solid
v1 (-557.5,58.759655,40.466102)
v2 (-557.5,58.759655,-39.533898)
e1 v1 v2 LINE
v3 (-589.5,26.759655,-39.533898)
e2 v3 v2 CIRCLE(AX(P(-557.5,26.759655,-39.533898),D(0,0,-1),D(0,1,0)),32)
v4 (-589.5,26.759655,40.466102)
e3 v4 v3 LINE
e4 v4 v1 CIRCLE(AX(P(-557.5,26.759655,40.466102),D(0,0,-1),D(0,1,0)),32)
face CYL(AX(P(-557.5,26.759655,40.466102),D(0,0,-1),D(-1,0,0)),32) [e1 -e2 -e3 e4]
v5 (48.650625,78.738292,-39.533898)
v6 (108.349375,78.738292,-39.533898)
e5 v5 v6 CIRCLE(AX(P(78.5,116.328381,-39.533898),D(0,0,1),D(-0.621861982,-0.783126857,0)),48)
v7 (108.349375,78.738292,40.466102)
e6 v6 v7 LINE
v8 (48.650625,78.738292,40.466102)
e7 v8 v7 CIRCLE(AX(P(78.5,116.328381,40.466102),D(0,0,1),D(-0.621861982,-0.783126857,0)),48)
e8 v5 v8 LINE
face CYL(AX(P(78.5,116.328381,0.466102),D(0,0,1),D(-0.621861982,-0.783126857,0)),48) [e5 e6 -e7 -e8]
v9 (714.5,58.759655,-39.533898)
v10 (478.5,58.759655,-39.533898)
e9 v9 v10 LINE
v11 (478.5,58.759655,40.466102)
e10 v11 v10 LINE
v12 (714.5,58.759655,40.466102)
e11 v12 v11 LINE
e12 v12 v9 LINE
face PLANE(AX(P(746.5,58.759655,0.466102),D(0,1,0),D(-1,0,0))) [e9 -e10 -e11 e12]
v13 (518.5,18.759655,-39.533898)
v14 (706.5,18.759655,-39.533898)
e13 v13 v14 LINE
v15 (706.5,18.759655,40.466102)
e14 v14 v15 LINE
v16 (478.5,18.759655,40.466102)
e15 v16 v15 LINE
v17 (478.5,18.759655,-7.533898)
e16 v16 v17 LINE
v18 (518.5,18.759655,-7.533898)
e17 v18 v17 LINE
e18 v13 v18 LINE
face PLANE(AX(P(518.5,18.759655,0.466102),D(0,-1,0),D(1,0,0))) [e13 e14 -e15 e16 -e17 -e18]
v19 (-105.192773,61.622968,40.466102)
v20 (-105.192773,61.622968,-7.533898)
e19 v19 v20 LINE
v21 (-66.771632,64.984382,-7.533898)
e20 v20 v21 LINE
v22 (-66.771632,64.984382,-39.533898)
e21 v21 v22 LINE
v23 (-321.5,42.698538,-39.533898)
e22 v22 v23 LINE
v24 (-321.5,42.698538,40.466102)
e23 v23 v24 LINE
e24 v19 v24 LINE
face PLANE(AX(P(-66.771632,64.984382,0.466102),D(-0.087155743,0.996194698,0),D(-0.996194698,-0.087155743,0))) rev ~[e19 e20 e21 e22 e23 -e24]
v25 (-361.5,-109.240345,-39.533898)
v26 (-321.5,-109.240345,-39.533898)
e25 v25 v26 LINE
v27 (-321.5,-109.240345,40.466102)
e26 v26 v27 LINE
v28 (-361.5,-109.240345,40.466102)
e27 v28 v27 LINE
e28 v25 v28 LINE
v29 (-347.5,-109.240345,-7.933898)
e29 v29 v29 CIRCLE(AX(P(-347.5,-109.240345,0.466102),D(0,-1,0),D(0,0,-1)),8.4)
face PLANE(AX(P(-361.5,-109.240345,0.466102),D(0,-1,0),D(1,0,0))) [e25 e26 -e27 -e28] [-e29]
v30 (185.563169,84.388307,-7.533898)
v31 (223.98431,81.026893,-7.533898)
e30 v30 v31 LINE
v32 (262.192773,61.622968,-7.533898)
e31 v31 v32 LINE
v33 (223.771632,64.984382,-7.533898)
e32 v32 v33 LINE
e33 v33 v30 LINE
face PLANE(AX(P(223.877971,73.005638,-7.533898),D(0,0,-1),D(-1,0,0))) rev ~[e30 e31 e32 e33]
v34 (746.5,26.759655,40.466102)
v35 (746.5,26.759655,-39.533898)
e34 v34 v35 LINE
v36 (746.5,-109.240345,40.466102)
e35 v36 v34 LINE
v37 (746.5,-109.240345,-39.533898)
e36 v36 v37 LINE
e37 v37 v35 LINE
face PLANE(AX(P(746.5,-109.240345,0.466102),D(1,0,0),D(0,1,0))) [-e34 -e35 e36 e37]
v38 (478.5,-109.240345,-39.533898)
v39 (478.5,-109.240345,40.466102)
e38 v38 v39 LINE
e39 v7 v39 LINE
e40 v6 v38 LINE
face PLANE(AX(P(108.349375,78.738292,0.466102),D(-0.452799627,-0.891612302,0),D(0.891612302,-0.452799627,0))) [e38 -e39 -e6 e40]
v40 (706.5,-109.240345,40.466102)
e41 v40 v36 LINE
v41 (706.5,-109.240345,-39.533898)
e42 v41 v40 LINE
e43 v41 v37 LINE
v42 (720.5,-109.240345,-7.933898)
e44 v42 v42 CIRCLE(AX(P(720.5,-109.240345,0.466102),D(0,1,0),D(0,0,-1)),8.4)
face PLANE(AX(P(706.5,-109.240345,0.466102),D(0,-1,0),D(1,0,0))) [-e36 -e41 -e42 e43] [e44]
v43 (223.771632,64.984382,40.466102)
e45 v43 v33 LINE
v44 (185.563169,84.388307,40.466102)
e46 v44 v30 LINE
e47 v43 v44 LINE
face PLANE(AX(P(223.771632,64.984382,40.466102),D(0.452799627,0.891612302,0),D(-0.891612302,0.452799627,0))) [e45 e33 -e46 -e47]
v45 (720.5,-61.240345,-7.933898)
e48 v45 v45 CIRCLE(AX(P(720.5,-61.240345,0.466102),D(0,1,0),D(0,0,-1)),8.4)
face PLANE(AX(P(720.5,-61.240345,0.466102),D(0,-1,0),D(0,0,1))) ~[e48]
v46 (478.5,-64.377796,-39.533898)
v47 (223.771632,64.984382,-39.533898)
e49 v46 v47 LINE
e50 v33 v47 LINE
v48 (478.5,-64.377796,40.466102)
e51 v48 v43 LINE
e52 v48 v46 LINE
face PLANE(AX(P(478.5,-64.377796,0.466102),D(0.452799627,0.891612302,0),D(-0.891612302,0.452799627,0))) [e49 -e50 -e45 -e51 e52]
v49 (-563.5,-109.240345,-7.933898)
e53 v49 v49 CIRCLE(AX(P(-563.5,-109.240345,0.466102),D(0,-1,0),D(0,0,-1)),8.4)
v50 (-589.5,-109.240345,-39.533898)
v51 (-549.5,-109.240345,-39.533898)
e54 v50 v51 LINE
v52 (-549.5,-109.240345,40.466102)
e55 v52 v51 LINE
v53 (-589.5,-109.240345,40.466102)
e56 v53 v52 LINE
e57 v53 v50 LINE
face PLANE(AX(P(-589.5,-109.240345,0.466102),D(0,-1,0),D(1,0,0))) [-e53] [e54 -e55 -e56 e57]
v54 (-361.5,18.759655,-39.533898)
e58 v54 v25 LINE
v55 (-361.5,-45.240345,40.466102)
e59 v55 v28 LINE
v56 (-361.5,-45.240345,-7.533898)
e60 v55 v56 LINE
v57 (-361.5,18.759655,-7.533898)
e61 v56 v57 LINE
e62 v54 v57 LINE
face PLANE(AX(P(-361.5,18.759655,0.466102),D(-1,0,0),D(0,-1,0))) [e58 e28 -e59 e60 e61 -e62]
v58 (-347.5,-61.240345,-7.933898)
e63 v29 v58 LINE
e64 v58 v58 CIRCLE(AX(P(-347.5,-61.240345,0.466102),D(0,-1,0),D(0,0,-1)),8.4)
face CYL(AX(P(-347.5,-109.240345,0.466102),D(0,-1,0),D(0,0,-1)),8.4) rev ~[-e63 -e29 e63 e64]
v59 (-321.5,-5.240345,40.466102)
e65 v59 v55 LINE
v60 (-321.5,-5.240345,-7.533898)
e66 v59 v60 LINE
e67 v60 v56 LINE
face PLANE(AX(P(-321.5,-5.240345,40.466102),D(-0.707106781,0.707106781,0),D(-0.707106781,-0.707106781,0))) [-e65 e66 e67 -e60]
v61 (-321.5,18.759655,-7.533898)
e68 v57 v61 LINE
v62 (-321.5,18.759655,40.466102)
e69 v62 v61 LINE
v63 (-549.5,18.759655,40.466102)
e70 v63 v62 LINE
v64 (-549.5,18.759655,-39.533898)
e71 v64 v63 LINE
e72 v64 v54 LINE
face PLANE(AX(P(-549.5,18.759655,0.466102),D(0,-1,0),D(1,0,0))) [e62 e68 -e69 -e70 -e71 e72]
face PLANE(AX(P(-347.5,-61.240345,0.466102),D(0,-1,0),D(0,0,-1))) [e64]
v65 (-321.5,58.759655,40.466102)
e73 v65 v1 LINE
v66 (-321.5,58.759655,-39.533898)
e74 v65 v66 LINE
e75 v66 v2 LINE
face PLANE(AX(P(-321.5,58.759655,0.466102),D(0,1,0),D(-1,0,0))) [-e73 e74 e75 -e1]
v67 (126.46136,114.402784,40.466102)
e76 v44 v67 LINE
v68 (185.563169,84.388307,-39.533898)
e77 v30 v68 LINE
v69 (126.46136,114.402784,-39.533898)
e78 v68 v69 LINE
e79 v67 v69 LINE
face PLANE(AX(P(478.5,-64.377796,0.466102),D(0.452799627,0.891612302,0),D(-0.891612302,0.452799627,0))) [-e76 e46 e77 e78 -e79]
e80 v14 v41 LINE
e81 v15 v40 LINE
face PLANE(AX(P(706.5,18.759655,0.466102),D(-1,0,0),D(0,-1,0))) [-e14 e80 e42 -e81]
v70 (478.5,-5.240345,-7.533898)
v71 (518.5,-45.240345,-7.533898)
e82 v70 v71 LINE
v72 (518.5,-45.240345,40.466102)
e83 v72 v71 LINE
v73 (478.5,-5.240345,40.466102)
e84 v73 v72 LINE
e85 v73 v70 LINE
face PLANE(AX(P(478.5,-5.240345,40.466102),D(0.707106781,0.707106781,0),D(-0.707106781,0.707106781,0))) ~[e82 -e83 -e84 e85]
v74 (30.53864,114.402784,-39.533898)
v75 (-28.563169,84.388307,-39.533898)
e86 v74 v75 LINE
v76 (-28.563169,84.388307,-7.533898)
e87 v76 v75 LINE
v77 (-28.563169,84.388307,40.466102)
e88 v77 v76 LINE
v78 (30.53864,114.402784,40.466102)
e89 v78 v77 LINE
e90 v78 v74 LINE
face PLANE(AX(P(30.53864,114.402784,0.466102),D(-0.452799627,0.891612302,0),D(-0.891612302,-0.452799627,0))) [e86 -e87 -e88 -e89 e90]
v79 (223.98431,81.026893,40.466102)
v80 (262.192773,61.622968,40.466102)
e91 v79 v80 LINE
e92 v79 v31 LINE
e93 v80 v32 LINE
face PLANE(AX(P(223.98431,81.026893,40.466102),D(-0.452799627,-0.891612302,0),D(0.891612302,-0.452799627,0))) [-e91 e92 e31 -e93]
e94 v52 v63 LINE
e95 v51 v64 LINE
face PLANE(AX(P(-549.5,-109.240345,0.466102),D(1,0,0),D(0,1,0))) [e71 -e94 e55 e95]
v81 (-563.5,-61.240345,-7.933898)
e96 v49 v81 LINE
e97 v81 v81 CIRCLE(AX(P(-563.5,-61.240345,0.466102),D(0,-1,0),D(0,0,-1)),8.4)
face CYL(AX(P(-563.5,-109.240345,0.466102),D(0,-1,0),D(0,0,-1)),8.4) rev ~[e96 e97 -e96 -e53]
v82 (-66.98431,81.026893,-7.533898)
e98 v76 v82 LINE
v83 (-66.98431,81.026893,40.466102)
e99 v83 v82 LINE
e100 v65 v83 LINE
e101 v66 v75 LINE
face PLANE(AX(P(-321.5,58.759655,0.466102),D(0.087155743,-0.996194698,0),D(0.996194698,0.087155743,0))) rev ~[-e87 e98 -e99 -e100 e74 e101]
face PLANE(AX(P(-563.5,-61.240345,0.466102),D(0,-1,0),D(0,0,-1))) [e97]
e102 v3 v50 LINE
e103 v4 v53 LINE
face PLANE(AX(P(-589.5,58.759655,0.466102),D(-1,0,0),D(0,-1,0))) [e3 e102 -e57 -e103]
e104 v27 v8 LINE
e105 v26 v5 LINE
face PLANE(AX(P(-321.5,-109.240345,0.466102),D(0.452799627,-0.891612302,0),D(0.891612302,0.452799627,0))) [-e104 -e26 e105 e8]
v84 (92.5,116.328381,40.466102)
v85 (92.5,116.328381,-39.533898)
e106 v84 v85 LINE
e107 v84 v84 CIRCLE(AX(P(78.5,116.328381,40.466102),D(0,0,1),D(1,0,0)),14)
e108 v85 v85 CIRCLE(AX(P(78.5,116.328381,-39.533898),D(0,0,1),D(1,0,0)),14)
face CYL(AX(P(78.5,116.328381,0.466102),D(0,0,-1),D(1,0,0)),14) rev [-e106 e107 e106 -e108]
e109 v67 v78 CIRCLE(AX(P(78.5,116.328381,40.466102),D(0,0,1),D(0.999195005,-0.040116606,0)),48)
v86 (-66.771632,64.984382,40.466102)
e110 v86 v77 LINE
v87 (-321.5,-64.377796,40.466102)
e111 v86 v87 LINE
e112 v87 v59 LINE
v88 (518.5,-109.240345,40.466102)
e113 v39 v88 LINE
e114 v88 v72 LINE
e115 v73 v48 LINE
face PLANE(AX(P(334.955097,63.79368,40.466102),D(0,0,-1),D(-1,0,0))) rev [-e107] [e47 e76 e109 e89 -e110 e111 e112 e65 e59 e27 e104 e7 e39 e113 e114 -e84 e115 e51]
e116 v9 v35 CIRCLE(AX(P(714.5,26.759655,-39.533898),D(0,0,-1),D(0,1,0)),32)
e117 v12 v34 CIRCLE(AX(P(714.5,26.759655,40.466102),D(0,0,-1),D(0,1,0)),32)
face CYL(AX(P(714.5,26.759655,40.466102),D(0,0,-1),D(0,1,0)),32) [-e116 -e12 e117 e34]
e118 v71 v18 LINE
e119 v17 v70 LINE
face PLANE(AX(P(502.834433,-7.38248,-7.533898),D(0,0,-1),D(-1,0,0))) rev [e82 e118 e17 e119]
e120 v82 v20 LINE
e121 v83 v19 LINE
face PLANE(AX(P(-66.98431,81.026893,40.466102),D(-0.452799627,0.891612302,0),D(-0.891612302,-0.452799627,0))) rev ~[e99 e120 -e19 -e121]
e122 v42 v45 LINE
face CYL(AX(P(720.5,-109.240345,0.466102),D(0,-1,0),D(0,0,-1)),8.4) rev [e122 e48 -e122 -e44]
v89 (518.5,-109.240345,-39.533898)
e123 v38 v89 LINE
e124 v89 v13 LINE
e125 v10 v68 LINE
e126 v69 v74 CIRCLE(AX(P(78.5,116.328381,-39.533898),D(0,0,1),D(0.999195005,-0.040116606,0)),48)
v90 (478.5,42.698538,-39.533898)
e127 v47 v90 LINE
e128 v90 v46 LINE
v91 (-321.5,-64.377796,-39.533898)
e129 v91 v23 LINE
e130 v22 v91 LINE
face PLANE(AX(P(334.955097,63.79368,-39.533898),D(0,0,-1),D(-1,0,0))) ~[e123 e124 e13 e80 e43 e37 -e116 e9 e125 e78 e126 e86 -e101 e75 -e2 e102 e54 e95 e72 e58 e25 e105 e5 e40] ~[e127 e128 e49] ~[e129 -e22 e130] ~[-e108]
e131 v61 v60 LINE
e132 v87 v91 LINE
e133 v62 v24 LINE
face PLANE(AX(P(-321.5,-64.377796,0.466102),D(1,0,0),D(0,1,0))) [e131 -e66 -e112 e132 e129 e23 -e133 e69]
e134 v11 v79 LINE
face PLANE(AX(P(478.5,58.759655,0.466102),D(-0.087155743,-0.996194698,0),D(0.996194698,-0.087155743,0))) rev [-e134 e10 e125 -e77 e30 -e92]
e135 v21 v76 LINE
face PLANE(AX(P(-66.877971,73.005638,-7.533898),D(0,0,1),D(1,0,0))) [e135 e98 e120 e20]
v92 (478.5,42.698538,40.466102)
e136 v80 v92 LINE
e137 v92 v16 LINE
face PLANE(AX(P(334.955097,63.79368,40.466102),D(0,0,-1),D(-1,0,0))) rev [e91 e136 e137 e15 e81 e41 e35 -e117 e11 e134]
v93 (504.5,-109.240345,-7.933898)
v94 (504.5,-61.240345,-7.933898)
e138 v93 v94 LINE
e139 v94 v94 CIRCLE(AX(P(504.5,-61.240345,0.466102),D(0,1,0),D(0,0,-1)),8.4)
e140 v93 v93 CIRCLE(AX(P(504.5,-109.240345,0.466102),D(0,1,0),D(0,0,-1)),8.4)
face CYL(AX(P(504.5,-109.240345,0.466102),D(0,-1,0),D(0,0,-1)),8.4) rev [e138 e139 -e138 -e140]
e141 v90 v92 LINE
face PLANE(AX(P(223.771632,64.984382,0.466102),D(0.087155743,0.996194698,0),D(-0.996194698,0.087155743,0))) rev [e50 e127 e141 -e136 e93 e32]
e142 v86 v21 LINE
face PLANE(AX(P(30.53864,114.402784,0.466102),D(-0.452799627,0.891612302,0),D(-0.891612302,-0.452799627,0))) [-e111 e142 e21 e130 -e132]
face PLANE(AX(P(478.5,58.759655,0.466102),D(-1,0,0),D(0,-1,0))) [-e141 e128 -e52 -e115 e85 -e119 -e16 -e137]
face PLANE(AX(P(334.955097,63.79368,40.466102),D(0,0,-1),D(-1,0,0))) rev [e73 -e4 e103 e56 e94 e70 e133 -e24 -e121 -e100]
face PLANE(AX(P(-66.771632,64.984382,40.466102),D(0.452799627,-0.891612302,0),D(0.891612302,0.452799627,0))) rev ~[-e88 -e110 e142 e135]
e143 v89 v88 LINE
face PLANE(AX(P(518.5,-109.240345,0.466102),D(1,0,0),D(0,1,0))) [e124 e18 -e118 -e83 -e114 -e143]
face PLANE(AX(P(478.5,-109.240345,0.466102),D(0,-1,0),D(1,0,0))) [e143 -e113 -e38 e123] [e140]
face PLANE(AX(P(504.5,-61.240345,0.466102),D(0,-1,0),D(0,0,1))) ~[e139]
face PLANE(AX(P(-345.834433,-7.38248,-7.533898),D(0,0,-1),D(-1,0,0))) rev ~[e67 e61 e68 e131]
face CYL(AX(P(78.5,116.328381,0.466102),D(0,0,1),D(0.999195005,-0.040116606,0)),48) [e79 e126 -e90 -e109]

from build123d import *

# Parameters (mm, degrees)
SKICA1_R                 = 1.75
P_IDAT_VYSUNUT_M1_DEPTH  = 5
ZAOBLIT1_R               = 4
P_IDAT_VYSUNUT_M2_DEPTH  = 5
SKICA3_R                 = 1.05
ODEBRAT_VYSUNUT_M1_DEPTH = 6
ODEBRAT_VYSUNUT_M2_DEPTH = 6
ODEBRAT_VYSUNUT_M3_DEPTH = 6
SCALE1_SCALE             = 8


with BuildPart() as part:
    # Skica1 → Přidat vysunutím1 (new, symmetric)
    with BuildSketch(Plane.XY):
        with BuildLine():
            Line((0, 0), (0, 16))
            Line((0, 16), (23.5, 16))
            Line((23.5, 16), (23.5, 0))
            Line((23.5, 0), (28.5, 0))
            Line((28.5, 0), (74.768828107, 23.497329584))
            ThreePointArc((74.768828107, 23.497329584), (78.5, 22.196090729), (82.231171893, 23.497329584))
            Line((82.231171893, 23.497329584), (128.5, 0))
            Line((128.5, 0), (133.5, 0))
            Line((133.5, 0), (133.5, 16))
            Line((133.5, 16), (157, 16))
            Line((157, 16), (157, 0))
            Line((157, 0), (162, 0))
            Line((162, 0), (162, 21))
            Line((162, 21), (128.5, 21))
            Line((128.5, 21), (128.5, 5.607818541))
            Line((128.5, 5.607818541), (84.49517003, 27.955391095))
            ThreePointArc((84.49517003, 27.955391095), (78.5, 34.196090729), (72.50482997, 27.955391095))
            Line((72.50482997, 27.955391095), (28.5, 5.607818541))
            Line((28.5, 5.607818541), (28.5, 21))
            Line((28.5, 21), (-5, 21))
            Line((-5, 21), (-5, 0))
            Line((-5, 0), (0, 0))
        make_face()
        with Locations((78.5, 28.196090729)):
            Circle(SKICA1_R, mode=Mode.SUBTRACT)
    extrude(amount=P_IDAT_VYSUNUT_M1_DEPTH, both=True)

    # Zaoblit1
    zaoblit1_edges = [part.edges().sort_by_distance(p)[0] for p in [
        (-5, 21, 0),
        (162, 21, 0),
    ]]
    fillet(zaoblit1_edges, radius=ZAOBLIT1_R)

    # Skica2 → Přidat vysunutím2 (add, symmetric)
    with BuildSketch(Plane.XY):
        Polygon((28.5, 21), (65.117103916, 24.203581484), (60.341045967, 21.778090882), (28.5, 18.992360325), align=None)
    p_idat_vysunut_m2 = extrude(amount=P_IDAT_VYSUNUT_M2_DEPTH, both=True)

    # Zrcadlit1: Přidat vysunutím2 across plane
    add(p_idat_vysunut_m2.mirror(Plane.ZY.offset(-78.5)))

    # Skica3 → Odebrat vysunutím1 (cut)
    with BuildSketch(Plane.XZ):
        with Locations(Location((-1.75, 0, 0), (0, 0, 270))):
            Circle(SKICA3_R)
        with Locations(Location((25.25, 0, 0), (0, 0, 270))):
            Circle(SKICA3_R)
    odebrat_vysunut_m1 = extrude(amount=-ODEBRAT_VYSUNUT_M1_DEPTH, mode=Mode.SUBTRACT)

    # Zrcadlit2: Odebrat vysunutím1 across plane
    add(odebrat_vysunut_m1.mirror(Plane.ZY.offset(-78.5)), mode=Mode.SUBTRACT)

    # Skica4 → Odebrat vysunutím2 (cut)
    with BuildSketch(Plane.XY.offset(5)):
        Polygon((23.5, 16), (28.5, 16), (28.5, 13), (23.5, 8), align=None)
    odebrat_vysunut_m2 = extrude(amount=-ODEBRAT_VYSUNUT_M2_DEPTH, mode=Mode.SUBTRACT)

    # Zrcadlit3: Odebrat vysunutím2 across plane
    add(odebrat_vysunut_m2.mirror(Plane.ZY.offset(-78.5)), mode=Mode.SUBTRACT)

    # Skica5 → Odebrat vysunutím3 (cut)
    with BuildSketch(Plane.XY.offset(5)):
        Polygon((60.341045967, 21.778090882), (65.117103916, 24.203581484), (60.314461293, 23.783404699), (55.538403344, 21.357914097), align=None)
        Polygon((91.882896084, 24.203581484), (96.685538707, 23.783404699), (101.461596656, 21.357914097), (96.658954033, 21.778090882), align=None)
    extrude(amount=-ODEBRAT_VYSUNUT_M3_DEPTH, mode=Mode.SUBTRACT)


with BuildPart() as part_1:
    # Scale1: scaled about (78.5, 15.605763545, -0.066585977)
    add(part.part.scale(SCALE1_SCALE).moved(Location((-549.5, -109.240344815, 0.466101839))))


solid = part_1.part
